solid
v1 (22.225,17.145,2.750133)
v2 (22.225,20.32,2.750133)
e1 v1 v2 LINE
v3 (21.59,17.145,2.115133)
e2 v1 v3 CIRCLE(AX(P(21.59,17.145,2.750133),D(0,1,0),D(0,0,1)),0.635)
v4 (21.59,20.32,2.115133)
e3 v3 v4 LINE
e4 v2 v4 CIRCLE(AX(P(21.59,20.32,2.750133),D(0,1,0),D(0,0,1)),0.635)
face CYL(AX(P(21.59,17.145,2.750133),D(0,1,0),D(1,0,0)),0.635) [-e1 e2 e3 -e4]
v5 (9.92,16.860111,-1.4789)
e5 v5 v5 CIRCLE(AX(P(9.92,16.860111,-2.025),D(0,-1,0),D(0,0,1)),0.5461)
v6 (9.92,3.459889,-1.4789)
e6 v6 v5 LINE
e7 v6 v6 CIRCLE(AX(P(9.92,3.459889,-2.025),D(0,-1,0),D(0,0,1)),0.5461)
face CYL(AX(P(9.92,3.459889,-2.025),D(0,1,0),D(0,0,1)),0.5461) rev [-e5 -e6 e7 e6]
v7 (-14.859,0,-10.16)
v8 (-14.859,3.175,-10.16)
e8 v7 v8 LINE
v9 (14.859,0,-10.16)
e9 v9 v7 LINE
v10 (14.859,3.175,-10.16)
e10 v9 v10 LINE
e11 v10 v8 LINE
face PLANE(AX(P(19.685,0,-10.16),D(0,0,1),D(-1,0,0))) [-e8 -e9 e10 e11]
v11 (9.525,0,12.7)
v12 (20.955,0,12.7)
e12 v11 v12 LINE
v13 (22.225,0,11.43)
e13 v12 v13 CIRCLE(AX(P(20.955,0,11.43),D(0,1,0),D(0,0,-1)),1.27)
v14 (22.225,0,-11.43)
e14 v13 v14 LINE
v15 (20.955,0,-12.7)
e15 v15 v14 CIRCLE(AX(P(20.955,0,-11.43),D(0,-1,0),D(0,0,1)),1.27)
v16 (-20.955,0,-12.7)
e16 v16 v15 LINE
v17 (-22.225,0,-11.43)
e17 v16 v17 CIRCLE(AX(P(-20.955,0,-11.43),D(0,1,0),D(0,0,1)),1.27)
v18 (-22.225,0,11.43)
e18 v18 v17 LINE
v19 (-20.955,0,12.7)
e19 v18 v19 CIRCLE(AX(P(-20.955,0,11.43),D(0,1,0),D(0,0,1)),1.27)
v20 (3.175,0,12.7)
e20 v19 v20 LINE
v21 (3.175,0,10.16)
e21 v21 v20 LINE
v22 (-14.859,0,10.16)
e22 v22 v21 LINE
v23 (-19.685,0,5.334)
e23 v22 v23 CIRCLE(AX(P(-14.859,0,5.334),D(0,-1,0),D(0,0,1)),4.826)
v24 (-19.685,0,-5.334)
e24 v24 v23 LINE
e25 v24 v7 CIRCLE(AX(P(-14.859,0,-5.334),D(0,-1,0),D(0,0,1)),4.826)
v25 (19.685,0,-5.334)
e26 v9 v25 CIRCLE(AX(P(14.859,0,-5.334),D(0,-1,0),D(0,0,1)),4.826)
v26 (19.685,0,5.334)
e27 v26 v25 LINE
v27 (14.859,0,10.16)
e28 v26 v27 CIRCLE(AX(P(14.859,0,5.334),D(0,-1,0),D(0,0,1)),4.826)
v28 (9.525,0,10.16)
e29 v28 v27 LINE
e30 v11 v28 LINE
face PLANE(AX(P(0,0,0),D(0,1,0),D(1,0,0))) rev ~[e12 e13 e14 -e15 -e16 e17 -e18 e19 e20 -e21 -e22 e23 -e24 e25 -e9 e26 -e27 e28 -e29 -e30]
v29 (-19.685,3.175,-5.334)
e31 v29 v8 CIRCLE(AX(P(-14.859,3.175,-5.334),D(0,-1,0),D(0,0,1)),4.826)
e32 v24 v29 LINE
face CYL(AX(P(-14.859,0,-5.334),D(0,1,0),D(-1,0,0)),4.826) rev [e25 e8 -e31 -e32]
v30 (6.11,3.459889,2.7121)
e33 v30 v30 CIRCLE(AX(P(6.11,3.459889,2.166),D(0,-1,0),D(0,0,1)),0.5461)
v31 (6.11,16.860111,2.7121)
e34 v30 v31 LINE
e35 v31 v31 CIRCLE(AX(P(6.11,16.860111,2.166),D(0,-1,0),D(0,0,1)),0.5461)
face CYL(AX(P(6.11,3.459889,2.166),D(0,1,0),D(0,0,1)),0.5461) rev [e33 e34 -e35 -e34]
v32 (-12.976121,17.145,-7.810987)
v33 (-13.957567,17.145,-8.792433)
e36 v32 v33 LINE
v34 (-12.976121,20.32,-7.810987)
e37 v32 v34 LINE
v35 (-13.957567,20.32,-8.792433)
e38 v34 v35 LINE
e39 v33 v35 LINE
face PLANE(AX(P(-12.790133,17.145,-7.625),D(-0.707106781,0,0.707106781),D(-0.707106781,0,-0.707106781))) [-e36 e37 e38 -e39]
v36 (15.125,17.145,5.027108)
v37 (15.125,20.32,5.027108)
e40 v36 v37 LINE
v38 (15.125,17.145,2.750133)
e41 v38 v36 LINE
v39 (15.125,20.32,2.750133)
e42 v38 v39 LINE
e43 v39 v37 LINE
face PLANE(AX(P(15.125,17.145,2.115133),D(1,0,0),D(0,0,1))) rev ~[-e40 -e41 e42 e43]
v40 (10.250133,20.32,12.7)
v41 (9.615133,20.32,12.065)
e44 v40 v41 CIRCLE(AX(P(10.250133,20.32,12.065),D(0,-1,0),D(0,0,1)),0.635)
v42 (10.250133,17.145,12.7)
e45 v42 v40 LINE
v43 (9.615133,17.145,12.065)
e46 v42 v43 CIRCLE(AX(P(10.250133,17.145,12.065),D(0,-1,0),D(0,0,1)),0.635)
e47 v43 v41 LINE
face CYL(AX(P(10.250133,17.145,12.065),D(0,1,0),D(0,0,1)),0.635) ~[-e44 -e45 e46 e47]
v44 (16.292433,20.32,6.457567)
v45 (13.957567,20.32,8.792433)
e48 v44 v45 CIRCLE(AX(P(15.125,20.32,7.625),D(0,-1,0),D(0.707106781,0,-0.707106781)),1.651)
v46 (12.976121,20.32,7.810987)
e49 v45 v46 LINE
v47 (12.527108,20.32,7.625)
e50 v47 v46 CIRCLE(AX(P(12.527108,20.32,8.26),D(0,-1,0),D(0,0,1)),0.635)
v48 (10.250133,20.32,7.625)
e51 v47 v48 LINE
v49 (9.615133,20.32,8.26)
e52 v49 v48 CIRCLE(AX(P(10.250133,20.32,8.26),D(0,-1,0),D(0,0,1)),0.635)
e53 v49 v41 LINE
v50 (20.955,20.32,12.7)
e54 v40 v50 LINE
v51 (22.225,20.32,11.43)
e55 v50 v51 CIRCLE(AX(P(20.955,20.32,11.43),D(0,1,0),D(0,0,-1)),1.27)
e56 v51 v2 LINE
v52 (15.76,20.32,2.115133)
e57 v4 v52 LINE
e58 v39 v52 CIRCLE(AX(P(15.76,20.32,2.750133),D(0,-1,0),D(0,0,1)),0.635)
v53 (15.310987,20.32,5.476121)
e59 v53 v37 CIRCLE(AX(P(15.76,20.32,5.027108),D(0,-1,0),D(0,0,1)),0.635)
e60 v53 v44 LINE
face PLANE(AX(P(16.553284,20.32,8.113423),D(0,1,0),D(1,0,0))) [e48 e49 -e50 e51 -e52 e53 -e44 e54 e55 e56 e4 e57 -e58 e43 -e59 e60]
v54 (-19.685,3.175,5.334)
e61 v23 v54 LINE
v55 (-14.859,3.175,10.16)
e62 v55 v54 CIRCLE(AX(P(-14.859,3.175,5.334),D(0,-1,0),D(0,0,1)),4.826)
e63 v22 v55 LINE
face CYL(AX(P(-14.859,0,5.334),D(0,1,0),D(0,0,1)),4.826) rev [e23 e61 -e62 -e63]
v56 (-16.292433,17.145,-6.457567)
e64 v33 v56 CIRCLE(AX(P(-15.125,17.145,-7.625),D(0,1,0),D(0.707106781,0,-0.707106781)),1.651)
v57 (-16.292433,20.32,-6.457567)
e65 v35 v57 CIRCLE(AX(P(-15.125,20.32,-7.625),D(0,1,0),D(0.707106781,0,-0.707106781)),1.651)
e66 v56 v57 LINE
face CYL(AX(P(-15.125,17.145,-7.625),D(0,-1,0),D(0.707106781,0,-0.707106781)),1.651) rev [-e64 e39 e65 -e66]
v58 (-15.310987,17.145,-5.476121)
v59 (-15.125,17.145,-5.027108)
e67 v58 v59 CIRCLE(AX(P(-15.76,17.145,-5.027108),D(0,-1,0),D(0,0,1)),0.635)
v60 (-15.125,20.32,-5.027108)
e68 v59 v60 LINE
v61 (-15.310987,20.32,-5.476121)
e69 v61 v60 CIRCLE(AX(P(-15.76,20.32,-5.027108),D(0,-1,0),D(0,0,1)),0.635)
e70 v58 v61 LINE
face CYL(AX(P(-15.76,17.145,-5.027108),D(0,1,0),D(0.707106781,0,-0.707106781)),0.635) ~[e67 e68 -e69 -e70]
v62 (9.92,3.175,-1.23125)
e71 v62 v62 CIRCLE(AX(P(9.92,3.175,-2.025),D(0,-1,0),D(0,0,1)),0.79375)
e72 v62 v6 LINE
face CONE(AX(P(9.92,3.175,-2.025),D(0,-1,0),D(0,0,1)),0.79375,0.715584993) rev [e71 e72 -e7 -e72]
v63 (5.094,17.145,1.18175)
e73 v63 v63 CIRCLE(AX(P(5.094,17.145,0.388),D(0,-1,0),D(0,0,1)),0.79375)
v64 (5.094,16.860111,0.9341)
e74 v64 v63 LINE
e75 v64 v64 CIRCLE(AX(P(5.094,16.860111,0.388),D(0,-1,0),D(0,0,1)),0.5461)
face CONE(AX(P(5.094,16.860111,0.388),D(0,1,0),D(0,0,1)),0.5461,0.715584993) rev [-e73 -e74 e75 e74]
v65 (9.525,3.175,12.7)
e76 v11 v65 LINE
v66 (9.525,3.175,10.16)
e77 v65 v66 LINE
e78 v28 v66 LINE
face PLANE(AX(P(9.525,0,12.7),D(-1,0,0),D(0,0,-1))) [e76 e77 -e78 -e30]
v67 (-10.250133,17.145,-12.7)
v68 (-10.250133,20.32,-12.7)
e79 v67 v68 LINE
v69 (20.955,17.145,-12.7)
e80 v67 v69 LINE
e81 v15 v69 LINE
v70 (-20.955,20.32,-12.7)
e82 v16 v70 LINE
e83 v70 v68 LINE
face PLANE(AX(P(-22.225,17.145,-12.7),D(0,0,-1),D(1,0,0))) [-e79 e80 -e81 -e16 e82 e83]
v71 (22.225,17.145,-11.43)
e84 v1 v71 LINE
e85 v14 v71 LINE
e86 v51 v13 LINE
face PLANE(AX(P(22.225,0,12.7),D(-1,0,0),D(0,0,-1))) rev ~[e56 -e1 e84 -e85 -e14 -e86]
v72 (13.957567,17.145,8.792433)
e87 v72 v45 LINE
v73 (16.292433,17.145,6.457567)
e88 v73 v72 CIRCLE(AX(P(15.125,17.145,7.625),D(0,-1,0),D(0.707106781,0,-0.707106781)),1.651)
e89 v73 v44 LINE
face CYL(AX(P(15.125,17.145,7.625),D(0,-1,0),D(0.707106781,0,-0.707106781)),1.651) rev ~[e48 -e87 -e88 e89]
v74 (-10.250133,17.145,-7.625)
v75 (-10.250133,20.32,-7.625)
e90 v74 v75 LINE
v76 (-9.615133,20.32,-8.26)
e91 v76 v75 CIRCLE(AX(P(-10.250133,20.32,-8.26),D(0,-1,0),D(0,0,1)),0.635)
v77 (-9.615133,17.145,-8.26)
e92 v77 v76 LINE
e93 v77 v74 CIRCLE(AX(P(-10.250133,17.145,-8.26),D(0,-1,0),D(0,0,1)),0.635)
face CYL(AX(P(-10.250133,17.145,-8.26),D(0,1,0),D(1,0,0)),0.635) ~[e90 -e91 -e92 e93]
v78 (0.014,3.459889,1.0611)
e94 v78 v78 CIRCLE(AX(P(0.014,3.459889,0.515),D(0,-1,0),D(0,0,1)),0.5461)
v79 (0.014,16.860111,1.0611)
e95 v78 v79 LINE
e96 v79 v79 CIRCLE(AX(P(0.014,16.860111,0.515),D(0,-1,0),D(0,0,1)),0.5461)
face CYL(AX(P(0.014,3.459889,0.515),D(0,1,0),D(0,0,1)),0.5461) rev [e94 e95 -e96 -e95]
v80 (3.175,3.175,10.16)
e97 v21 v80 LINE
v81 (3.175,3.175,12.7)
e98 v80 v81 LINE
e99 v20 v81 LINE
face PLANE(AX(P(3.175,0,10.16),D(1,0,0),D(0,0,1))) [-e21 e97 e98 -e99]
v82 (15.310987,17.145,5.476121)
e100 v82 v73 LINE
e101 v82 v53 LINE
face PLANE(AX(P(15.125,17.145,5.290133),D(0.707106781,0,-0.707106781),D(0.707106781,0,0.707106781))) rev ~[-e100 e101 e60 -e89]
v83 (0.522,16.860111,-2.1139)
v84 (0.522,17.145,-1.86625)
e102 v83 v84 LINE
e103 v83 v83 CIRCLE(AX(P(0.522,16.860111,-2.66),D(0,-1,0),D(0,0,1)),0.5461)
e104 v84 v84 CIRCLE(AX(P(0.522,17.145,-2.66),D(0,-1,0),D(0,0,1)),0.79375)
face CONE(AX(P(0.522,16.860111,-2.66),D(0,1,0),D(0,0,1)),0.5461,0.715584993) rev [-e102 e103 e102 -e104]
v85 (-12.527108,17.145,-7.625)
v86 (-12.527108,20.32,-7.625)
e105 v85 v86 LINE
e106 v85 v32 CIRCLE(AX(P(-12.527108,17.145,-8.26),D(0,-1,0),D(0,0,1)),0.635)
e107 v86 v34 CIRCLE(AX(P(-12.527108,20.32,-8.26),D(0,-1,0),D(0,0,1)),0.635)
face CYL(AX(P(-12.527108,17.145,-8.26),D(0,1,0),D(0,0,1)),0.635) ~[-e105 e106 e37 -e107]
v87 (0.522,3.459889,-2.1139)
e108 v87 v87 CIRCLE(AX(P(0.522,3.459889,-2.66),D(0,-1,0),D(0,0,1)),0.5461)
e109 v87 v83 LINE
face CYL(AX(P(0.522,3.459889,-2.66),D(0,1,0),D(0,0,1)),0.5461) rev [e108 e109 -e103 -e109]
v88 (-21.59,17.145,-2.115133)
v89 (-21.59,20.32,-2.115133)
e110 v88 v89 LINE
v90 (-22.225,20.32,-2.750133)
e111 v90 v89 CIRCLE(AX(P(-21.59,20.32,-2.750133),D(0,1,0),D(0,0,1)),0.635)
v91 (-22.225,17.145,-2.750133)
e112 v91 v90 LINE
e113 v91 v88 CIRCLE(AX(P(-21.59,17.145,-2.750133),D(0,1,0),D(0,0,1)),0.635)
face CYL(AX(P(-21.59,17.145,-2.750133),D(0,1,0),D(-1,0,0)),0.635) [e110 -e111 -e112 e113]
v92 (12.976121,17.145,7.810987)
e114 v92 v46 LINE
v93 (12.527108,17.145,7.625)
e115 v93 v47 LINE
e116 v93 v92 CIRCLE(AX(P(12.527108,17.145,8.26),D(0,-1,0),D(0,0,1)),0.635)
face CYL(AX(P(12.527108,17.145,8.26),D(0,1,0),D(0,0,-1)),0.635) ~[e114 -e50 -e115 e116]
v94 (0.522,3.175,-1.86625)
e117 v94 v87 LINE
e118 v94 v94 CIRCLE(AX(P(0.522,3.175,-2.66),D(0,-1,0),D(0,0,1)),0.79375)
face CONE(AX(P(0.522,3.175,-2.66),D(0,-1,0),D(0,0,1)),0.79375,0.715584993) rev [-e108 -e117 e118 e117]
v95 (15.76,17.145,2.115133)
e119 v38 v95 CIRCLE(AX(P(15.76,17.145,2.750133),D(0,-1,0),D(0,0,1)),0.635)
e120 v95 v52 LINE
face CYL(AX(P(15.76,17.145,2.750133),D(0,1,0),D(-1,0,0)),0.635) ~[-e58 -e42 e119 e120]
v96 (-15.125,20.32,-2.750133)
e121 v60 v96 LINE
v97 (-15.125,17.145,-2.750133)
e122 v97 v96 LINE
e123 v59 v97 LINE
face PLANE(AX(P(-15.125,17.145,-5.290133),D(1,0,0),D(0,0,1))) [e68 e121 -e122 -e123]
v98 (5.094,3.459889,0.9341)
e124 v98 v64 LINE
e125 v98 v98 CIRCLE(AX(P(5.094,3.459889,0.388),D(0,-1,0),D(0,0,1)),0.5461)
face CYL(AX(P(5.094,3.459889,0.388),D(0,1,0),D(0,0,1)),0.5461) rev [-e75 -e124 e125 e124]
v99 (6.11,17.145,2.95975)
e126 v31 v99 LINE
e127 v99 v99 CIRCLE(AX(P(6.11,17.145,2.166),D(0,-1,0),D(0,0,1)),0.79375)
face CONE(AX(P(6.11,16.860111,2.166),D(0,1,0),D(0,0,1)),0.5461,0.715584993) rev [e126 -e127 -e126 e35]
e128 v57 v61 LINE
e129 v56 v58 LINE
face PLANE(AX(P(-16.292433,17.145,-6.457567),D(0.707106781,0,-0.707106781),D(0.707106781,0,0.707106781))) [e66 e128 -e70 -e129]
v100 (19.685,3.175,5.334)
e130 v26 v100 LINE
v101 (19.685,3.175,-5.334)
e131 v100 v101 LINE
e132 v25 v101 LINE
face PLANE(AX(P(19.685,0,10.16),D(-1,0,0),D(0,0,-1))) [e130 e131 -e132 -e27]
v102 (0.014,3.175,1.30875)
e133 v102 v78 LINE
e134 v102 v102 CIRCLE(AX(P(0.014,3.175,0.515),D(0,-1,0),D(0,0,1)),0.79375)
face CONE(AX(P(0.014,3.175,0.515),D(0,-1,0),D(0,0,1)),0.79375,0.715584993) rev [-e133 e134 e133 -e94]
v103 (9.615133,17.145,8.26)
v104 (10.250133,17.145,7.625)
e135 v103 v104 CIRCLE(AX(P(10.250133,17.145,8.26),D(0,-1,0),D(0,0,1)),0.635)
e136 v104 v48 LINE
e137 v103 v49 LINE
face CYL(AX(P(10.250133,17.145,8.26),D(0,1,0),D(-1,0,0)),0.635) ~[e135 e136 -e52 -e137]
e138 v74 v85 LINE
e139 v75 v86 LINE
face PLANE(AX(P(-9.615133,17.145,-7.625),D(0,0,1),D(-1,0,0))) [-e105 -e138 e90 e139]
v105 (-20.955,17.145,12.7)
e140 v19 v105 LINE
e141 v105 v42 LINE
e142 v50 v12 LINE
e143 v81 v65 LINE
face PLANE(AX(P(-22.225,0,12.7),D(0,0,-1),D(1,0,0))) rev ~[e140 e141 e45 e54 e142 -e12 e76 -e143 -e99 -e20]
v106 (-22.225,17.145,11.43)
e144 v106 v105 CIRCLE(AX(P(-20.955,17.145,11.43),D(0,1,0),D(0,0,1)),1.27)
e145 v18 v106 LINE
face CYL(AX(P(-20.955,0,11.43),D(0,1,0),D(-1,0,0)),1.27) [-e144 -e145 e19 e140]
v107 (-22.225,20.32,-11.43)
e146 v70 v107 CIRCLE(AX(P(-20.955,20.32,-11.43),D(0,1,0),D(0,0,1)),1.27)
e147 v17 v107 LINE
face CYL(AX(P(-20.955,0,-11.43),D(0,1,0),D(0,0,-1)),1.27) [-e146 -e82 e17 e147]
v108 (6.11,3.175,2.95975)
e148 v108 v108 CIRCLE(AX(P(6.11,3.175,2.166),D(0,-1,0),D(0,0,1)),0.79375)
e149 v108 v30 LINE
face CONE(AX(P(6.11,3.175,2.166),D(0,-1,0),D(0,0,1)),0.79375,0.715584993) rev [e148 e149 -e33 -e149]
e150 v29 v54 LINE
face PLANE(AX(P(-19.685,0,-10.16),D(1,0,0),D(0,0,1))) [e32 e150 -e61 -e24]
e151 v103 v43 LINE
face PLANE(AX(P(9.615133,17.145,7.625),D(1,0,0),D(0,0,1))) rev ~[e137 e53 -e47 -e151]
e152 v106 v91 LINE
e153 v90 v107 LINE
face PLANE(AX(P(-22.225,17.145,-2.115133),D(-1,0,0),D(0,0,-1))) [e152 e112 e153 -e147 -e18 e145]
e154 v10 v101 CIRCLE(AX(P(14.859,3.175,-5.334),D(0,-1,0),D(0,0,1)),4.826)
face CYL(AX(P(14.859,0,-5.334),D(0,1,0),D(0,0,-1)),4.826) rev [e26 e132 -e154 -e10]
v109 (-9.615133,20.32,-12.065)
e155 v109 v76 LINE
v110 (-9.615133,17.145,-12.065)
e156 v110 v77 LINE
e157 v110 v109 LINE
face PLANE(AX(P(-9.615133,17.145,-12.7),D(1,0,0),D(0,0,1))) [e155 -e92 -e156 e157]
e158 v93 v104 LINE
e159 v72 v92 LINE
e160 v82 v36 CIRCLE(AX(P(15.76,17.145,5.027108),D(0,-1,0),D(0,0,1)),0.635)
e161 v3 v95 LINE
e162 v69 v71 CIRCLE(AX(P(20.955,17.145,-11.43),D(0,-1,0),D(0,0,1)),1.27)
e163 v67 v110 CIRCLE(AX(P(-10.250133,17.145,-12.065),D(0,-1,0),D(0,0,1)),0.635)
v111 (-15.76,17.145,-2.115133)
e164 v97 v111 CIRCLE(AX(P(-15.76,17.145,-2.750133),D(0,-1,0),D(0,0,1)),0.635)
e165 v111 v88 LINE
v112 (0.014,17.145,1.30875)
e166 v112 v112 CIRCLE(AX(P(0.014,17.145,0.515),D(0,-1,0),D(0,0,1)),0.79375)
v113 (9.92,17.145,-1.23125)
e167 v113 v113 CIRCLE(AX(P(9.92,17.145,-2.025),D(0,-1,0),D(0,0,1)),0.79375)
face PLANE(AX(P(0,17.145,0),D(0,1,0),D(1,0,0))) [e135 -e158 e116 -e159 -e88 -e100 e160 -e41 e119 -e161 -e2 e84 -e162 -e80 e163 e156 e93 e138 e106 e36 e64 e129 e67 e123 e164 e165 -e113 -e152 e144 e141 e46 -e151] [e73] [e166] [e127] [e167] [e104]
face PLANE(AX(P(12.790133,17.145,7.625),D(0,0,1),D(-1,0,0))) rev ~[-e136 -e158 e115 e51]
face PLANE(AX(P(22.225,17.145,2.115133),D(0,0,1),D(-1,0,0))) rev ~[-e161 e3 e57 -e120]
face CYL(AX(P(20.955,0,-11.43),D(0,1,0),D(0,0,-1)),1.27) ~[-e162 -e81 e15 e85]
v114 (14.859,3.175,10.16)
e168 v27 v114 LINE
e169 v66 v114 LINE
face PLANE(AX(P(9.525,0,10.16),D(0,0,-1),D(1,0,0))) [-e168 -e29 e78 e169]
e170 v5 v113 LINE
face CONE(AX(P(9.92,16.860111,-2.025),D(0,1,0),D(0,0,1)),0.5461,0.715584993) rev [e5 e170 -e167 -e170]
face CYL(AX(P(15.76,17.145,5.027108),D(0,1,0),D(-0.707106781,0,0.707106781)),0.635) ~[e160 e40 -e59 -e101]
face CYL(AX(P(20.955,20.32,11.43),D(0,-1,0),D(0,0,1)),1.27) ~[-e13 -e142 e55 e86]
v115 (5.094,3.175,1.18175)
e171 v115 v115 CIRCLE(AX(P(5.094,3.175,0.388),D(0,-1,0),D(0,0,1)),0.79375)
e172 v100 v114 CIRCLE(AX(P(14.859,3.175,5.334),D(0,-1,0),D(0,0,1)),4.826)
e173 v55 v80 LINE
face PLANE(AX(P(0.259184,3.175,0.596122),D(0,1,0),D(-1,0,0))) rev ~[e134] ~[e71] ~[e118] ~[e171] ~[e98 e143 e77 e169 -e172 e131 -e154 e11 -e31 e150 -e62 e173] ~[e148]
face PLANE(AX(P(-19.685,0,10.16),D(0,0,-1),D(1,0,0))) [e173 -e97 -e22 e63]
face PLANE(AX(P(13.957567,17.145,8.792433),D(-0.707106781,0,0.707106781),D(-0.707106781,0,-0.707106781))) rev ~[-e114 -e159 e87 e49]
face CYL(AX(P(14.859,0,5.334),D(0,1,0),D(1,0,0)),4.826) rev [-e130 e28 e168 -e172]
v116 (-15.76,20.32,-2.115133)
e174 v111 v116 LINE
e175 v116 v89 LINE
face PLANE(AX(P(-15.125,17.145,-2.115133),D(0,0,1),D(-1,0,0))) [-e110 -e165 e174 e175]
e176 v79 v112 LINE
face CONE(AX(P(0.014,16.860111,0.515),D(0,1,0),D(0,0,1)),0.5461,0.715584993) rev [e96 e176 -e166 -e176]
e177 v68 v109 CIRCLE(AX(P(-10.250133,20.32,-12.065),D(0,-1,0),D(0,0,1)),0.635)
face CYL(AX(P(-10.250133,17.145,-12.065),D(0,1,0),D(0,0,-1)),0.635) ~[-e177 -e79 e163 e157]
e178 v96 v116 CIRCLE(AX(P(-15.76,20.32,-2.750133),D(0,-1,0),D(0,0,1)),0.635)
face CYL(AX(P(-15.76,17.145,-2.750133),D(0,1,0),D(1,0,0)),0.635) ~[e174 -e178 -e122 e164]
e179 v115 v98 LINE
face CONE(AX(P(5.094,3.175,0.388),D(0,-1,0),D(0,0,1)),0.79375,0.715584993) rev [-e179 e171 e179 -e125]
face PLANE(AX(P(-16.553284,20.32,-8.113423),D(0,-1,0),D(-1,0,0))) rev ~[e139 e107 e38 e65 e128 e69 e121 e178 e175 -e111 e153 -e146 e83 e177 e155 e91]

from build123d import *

# Parameters (mm, degrees)
SKETCH1_W                            = 44.45
SKETCH1_H                            = 25.4
BOSS_EXTRUDE1_DEPTH                  = 17.145
BOSS_EXTRUDE2_DEPTH                  = 3.175
CUT_EXTRUDE1_DEPTH                   = 3.175
F_57_0_043_DIAMETER_HOLE1_AT_2_COUNT = 2
F_57_0_043_DIAMETER_HOLE1_AT_2_PITCH = 5.663972193
F_57_0_043_DIAMETER_HOLE1_AT_3_COUNT = 2
F_57_0_043_DIAMETER_HOLE1_AT_3_PITCH = 5.39563203
F_57_0_043_DIAMETER_HOLE1_AT_4_COUNT = 2
F_57_0_043_DIAMETER_HOLE1_AT_4_PITCH = 10.226457647
F_57_0_043_DIAMETER_HOLE1_AT_5_COUNT = 2
F_57_0_043_DIAMETER_HOLE1_AT_5_PITCH = 9.419428274
FILLET1_R                            = 0.635
FILLET2_R                            = 1.27
FILLET3_R                            = 4.826


with BuildPart() as part:
    # Sketch1 → Boss-Extrude1 (new body)
    with BuildSketch(Plane(origin=(0, 0, 0), x_dir=(1, 0, 0), z_dir=(0, 1, 0))):
        Rectangle(SKETCH1_W, SKETCH1_H)
    extrude(amount=BOSS_EXTRUDE1_DEPTH)

    # Sketch2 → Boss-Extrude2 (add)
    with BuildSketch(Plane(origin=(0, 17.145, 0), x_dir=(1, 0, 0), z_dir=(0, 1, 0))):
        with BuildLine():
            Line((-22.225, 12.7), (-9.615133409, 12.7))
            Line((-9.615133409, 12.7), (-9.615133409, 7.625))
            Line((-9.615133409, 7.625), (-12.790133409, 7.625))
            Line((-12.790133409, 7.625), (-13.957566704, 8.792433296))
            ThreePointArc((-13.957566704, 8.792433296), (-16.292433296, 8.792433296), (-16.292433296, 6.457566704))
            Line((-16.292433296, 6.457566704), (-15.125, 5.290133409))
            Line((-15.125, 5.290133409), (-15.125, 2.115133409))
            Line((-15.125, 2.115133409), (-22.225, 2.115133409))
            Line((-22.225, 2.115133409), (-22.225, 12.7))
        make_face()
        with BuildLine():
            Line((22.225, -12.7), (22.225, -2.115133409))
            Line((22.225, -2.115133409), (15.125, -2.115133409))
            Line((15.125, -2.115133409), (15.125, -5.290133409))
            Line((15.125, -5.290133409), (16.292433296, -6.457566704))
            ThreePointArc((16.292433296, -6.457566704), (16.292433296, -8.792433296), (13.957566704, -8.792433296))
            Line((13.957566704, -8.792433296), (12.790133409, -7.625))
            Line((12.790133409, -7.625), (9.615133409, -7.625))
            Line((9.615133409, -7.625), (9.615133409, -12.7))
            Line((9.615133409, -12.7), (22.225, -12.7))
        make_face()
    extrude(amount=BOSS_EXTRUDE2_DEPTH)

    # Sketch6 → Cut-Extrude1 (cut)
    with BuildSketch(Plane.XZ):
        Polygon((3.175, 10.16), (3.175, 12.7), (9.525, 12.7), (9.525, 10.16), (19.685, 10.16), (19.685, -10.16), (-19.685, -10.16), (-19.685, 10.16), align=None)
    extrude(amount=-CUT_EXTRUDE1_DEPTH, mode=Mode.SUBTRACT)

    # Sketch4 → #57 (0.043) Diameter Hole1 (revolve, cut)
    with BuildSketch(Plane(origin=(9.92, 17.145, -2.025), x_dir=(0, 0, 1), z_dir=(1, 0, 0))):
        Polygon((0, 0), (0, 13.97), (0.79375, 13.97), (0.5461, 13.685111264), (0.5461, 0.284888736), (0.79375, 0), align=None)
    f_57_0_043_diameter_hole1 = revolve(axis=Axis((9.92, 23.495, -2.025), (0, -1, 0)), mode=Mode.SUBTRACT)

    # #57 (0.043) Diameter Hole1 at 2: #57 (0.043) Diameter Hole1 ×2
    with Locations(*[Vector(-0.6726727939963121, 0, 0.7399400733959441) * (i * F_57_0_043_DIAMETER_HOLE1_AT_2_PITCH) for i in range(1, F_57_0_043_DIAMETER_HOLE1_AT_2_COUNT)]):
        add(f_57_0_043_diameter_hole1, mode=Mode.SUBTRACT)

    # #57 (0.043) Diameter Hole1 at 3: #57 (0.043) Diameter Hole1 ×2
    with Locations(*[Vector(-0.894427190999916, 0, 0.447213595499958) * (i * F_57_0_043_DIAMETER_HOLE1_AT_3_PITCH) for i in range(1, F_57_0_043_DIAMETER_HOLE1_AT_3_COUNT)]):
        add(f_57_0_043_diameter_hole1, mode=Mode.SUBTRACT)

    # #57 (0.043) Diameter Hole1 at 4: #57 (0.043) Diameter Hole1 ×2
    with Locations(*[Vector(-0.968663866044045, 0, 0.24837535026770383) * (i * F_57_0_043_DIAMETER_HOLE1_AT_4_PITCH) for i in range(1, F_57_0_043_DIAMETER_HOLE1_AT_4_COUNT)]):
        add(f_57_0_043_diameter_hole1, mode=Mode.SUBTRACT)

    # #57 (0.043) Diameter Hole1 at 5: #57 (0.043) Diameter Hole1 ×2
    with Locations(*[Vector(-0.9977250982863921, 0, -0.06741385799232386) * (i * F_57_0_043_DIAMETER_HOLE1_AT_5_PITCH) for i in range(1, F_57_0_043_DIAMETER_HOLE1_AT_5_COUNT)]):
        add(f_57_0_043_diameter_hole1, mode=Mode.SUBTRACT)

    # Fillet1
    fillet1_edges = [part.edges().sort_by_distance(p)[0] for p in [
        (9.615133409, 18.7325, 12.7),
        (22.225, 18.7325, 2.115133409),
        (9.615133409, 18.7325, 7.625),
        (12.790133409, 18.7325, 7.625),
        (15.125, 18.7325, 5.290133409),
        (15.125, 18.7325, 2.115133409),
        (-9.615133409, 18.7325, -12.7),
        (-9.615133409, 18.7325, -7.625),
        (-12.790133409, 18.7325, -7.625),
        (-15.125, 18.7325, -5.290133409),
        (-15.125, 18.7325, -2.115133409),
        (-22.225, 18.7325, -2.115133409),
    ]]
    fillet(fillet1_edges, radius=FILLET1_R)

    # Fillet2
    fillet2_edges = [part.edges().sort_by_distance(p)[0] for p in [
        (22.225, 8.5725, -12.7),
        (22.225, 10.16, 12.7),
        (-22.225, 8.5725, 12.7),
        (-22.225, 10.16, -12.7),
    ]]
    fillet(fillet2_edges, radius=FILLET2_R)

    # Fillet3
    fillet3_edges = [part.edges().sort_by_distance(p)[0] for p in [
        (-19.685, 1.5875, 10.16),
        (19.685, 1.5875, 10.16),
        (19.685, 1.5875, -10.16),
        (-19.685, 1.5875, -10.16),
    ]]
    fillet(fillet3_edges, radius=FILLET3_R)


solid = part.part
